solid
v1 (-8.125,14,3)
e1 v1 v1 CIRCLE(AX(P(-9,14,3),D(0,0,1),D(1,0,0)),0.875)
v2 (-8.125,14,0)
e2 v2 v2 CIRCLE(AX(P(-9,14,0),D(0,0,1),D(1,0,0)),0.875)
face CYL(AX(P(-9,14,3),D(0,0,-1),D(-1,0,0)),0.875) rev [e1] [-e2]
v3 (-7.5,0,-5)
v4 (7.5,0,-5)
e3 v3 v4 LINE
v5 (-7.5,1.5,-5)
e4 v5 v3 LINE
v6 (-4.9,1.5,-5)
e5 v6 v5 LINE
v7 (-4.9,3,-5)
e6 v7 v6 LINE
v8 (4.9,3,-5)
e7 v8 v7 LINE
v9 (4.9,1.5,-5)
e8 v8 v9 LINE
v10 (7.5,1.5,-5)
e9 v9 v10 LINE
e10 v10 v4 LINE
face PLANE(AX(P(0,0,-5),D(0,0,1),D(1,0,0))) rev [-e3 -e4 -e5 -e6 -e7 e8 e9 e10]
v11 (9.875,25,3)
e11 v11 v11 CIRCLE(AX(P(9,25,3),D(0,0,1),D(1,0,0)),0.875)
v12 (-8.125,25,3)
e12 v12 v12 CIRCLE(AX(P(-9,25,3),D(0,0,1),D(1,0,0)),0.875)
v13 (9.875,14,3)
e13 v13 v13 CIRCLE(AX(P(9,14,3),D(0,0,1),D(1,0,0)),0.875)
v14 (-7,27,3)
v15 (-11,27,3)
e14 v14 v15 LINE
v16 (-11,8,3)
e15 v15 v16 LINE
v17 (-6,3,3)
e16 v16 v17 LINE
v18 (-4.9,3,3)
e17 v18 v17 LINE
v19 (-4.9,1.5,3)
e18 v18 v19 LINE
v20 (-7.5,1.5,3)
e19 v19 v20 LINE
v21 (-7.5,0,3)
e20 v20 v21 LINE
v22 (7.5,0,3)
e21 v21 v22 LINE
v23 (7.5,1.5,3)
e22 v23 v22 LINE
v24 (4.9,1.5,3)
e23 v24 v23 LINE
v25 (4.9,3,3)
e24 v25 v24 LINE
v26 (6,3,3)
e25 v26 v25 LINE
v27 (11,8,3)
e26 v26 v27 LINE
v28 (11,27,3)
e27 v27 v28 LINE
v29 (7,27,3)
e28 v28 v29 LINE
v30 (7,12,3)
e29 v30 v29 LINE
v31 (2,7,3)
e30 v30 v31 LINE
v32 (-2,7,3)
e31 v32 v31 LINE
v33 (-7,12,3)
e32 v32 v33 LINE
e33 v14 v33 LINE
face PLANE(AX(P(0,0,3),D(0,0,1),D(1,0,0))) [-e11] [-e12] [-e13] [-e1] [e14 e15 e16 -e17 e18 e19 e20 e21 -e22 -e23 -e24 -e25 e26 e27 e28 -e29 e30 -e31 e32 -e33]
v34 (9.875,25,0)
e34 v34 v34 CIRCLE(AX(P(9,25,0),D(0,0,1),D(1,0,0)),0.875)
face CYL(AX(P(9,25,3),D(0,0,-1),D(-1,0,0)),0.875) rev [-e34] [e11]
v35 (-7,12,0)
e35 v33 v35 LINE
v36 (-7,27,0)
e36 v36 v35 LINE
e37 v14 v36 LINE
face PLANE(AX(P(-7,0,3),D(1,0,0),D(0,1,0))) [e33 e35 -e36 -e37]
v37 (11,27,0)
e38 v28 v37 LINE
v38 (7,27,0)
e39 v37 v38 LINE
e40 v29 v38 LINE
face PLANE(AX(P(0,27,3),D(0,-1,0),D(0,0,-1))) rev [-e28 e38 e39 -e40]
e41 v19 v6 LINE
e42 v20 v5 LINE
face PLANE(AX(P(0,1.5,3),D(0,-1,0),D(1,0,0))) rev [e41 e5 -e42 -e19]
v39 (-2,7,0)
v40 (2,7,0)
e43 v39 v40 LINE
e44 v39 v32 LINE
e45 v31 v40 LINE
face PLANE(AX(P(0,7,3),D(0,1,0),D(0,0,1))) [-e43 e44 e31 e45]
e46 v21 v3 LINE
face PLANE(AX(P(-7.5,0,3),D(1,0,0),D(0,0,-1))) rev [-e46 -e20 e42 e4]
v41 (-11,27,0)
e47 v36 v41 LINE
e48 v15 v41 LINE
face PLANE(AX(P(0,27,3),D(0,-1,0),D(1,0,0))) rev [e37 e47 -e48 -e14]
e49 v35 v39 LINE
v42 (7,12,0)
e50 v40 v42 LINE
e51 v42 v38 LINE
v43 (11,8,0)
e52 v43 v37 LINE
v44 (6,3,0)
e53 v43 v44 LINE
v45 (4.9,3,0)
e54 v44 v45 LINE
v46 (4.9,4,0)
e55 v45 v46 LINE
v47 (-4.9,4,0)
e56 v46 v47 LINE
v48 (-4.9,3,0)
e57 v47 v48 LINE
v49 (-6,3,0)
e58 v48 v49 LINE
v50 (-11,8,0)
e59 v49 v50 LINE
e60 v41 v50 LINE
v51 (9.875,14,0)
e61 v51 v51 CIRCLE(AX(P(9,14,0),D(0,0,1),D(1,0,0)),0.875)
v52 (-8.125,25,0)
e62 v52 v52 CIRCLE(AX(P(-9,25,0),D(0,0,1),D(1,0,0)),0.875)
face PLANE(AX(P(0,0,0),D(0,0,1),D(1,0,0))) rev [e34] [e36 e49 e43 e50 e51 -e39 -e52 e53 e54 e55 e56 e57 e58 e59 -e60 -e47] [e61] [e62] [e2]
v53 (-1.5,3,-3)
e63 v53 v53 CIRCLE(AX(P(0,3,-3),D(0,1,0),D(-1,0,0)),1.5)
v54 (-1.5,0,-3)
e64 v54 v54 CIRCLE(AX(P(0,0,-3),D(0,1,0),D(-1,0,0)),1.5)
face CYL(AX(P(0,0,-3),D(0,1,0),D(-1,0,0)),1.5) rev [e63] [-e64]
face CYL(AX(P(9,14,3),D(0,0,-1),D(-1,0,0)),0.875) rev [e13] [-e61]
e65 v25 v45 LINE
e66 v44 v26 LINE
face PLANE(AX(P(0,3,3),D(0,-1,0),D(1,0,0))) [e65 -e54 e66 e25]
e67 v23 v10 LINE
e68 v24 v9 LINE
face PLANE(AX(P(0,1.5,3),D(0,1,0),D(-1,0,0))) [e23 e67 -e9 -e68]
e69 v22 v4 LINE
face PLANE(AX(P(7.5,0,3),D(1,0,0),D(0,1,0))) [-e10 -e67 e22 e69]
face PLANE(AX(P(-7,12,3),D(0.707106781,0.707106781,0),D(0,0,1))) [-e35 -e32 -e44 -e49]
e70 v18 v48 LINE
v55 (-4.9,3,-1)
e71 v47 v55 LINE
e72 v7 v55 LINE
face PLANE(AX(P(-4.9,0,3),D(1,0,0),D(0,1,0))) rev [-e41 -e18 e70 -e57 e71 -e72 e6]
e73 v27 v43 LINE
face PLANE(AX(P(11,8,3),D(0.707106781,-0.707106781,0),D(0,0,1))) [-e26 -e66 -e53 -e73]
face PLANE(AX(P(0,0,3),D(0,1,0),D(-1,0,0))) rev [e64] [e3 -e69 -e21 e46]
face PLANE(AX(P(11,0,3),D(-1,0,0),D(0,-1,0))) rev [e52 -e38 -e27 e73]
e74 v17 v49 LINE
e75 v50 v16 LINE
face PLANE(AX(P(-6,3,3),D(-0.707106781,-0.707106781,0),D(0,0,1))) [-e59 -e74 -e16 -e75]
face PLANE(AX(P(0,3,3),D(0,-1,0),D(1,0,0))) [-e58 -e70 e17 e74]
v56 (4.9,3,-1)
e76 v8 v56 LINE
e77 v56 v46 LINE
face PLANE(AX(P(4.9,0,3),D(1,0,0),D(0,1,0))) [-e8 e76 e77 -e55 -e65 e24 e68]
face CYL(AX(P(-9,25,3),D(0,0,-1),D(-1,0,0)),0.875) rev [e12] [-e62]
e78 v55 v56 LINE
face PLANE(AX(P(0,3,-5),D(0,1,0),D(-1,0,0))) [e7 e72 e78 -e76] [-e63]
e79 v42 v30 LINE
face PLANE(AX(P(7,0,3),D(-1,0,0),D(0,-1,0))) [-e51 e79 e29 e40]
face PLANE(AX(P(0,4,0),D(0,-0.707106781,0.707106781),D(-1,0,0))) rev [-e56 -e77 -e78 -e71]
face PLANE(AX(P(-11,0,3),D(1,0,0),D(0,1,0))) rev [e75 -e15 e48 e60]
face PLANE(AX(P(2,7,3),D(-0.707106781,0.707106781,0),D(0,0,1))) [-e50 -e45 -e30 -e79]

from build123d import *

# Parameters (mm, degrees)
SKETCH1_R           = 0.875
BOSS_EXTRUDE1_DEPTH = 3
CHAMFER1_SIZE       = 5
BOSS_EXTRUDE2_DEPTH = 5
SKETCH2_R           = 1.5
CUT_EXTRUDE1_DEPTH  = 27.870057685
CHAMFER2_SIZE       = 1


with BuildPart() as part:
    # Sketch1 → Boss-Extrude1 (new body)
    with BuildSketch(Plane.XY):
        Polygon((-7.5, 1.5), (-7.5, 0), (7.5, 0), (7.5, 1.5), (4.9, 1.5), (4.9, 3), (11, 3), (11, 27), (7, 27), (7, 7), (-7, 7), (-7, 27), (-11, 27), (-11, 3), (-4.9, 3), (-4.9, 1.5), align=None)
        with Locations((9, 25)):
            Circle(SKETCH1_R, mode=Mode.SUBTRACT)
        with Locations((-9, 14)):
            Circle(SKETCH1_R, mode=Mode.SUBTRACT)
        with Locations((-9, 25)):
            Circle(SKETCH1_R, mode=Mode.SUBTRACT)
        with Locations((9, 14)):
            Circle(SKETCH1_R, mode=Mode.SUBTRACT)
    extrude(amount=BOSS_EXTRUDE1_DEPTH)

    # Chamfer1
    chamfer1_edges = [part.edges().sort_by_distance(p)[0] for p in [
        (7, 7, 1.5),
        (-7, 7, 1.5),
        (-11, 3, 1.5),
        (11, 3, 1.5),
    ]]
    chamfer(chamfer1_edges, length=CHAMFER1_SIZE)

    # Sketch1<4> → Boss-Extrude2 (add)
    with BuildSketch(Plane.XY):
        Polygon((-7.5, 1.5), (-7.5, 0), (7.5, 0), (7.5, 1.5), (4.9, 1.5), (4.9, 3), (-4.9, 3), (-4.9, 1.5), align=None)
    extrude(amount=-BOSS_EXTRUDE2_DEPTH)

    # Sketch2 → Cut-Extrude1 (cut, through all)
    with BuildSketch(Plane(origin=(0, 3, 0), x_dir=(1, 0, 0), z_dir=(0, 1, 0))):
        with Locations((0, 3)):
            Circle(SKETCH2_R)
    extrude(amount=-CUT_EXTRUDE1_DEPTH, mode=Mode.SUBTRACT)

    # Chamfer2
    chamfer2_edges = [part.edges().sort_by_distance(p)[0] for p in [
        (0, 3, 0),
    ]]
    chamfer(chamfer2_edges, length=CHAMFER2_SIZE)


solid = part.part
